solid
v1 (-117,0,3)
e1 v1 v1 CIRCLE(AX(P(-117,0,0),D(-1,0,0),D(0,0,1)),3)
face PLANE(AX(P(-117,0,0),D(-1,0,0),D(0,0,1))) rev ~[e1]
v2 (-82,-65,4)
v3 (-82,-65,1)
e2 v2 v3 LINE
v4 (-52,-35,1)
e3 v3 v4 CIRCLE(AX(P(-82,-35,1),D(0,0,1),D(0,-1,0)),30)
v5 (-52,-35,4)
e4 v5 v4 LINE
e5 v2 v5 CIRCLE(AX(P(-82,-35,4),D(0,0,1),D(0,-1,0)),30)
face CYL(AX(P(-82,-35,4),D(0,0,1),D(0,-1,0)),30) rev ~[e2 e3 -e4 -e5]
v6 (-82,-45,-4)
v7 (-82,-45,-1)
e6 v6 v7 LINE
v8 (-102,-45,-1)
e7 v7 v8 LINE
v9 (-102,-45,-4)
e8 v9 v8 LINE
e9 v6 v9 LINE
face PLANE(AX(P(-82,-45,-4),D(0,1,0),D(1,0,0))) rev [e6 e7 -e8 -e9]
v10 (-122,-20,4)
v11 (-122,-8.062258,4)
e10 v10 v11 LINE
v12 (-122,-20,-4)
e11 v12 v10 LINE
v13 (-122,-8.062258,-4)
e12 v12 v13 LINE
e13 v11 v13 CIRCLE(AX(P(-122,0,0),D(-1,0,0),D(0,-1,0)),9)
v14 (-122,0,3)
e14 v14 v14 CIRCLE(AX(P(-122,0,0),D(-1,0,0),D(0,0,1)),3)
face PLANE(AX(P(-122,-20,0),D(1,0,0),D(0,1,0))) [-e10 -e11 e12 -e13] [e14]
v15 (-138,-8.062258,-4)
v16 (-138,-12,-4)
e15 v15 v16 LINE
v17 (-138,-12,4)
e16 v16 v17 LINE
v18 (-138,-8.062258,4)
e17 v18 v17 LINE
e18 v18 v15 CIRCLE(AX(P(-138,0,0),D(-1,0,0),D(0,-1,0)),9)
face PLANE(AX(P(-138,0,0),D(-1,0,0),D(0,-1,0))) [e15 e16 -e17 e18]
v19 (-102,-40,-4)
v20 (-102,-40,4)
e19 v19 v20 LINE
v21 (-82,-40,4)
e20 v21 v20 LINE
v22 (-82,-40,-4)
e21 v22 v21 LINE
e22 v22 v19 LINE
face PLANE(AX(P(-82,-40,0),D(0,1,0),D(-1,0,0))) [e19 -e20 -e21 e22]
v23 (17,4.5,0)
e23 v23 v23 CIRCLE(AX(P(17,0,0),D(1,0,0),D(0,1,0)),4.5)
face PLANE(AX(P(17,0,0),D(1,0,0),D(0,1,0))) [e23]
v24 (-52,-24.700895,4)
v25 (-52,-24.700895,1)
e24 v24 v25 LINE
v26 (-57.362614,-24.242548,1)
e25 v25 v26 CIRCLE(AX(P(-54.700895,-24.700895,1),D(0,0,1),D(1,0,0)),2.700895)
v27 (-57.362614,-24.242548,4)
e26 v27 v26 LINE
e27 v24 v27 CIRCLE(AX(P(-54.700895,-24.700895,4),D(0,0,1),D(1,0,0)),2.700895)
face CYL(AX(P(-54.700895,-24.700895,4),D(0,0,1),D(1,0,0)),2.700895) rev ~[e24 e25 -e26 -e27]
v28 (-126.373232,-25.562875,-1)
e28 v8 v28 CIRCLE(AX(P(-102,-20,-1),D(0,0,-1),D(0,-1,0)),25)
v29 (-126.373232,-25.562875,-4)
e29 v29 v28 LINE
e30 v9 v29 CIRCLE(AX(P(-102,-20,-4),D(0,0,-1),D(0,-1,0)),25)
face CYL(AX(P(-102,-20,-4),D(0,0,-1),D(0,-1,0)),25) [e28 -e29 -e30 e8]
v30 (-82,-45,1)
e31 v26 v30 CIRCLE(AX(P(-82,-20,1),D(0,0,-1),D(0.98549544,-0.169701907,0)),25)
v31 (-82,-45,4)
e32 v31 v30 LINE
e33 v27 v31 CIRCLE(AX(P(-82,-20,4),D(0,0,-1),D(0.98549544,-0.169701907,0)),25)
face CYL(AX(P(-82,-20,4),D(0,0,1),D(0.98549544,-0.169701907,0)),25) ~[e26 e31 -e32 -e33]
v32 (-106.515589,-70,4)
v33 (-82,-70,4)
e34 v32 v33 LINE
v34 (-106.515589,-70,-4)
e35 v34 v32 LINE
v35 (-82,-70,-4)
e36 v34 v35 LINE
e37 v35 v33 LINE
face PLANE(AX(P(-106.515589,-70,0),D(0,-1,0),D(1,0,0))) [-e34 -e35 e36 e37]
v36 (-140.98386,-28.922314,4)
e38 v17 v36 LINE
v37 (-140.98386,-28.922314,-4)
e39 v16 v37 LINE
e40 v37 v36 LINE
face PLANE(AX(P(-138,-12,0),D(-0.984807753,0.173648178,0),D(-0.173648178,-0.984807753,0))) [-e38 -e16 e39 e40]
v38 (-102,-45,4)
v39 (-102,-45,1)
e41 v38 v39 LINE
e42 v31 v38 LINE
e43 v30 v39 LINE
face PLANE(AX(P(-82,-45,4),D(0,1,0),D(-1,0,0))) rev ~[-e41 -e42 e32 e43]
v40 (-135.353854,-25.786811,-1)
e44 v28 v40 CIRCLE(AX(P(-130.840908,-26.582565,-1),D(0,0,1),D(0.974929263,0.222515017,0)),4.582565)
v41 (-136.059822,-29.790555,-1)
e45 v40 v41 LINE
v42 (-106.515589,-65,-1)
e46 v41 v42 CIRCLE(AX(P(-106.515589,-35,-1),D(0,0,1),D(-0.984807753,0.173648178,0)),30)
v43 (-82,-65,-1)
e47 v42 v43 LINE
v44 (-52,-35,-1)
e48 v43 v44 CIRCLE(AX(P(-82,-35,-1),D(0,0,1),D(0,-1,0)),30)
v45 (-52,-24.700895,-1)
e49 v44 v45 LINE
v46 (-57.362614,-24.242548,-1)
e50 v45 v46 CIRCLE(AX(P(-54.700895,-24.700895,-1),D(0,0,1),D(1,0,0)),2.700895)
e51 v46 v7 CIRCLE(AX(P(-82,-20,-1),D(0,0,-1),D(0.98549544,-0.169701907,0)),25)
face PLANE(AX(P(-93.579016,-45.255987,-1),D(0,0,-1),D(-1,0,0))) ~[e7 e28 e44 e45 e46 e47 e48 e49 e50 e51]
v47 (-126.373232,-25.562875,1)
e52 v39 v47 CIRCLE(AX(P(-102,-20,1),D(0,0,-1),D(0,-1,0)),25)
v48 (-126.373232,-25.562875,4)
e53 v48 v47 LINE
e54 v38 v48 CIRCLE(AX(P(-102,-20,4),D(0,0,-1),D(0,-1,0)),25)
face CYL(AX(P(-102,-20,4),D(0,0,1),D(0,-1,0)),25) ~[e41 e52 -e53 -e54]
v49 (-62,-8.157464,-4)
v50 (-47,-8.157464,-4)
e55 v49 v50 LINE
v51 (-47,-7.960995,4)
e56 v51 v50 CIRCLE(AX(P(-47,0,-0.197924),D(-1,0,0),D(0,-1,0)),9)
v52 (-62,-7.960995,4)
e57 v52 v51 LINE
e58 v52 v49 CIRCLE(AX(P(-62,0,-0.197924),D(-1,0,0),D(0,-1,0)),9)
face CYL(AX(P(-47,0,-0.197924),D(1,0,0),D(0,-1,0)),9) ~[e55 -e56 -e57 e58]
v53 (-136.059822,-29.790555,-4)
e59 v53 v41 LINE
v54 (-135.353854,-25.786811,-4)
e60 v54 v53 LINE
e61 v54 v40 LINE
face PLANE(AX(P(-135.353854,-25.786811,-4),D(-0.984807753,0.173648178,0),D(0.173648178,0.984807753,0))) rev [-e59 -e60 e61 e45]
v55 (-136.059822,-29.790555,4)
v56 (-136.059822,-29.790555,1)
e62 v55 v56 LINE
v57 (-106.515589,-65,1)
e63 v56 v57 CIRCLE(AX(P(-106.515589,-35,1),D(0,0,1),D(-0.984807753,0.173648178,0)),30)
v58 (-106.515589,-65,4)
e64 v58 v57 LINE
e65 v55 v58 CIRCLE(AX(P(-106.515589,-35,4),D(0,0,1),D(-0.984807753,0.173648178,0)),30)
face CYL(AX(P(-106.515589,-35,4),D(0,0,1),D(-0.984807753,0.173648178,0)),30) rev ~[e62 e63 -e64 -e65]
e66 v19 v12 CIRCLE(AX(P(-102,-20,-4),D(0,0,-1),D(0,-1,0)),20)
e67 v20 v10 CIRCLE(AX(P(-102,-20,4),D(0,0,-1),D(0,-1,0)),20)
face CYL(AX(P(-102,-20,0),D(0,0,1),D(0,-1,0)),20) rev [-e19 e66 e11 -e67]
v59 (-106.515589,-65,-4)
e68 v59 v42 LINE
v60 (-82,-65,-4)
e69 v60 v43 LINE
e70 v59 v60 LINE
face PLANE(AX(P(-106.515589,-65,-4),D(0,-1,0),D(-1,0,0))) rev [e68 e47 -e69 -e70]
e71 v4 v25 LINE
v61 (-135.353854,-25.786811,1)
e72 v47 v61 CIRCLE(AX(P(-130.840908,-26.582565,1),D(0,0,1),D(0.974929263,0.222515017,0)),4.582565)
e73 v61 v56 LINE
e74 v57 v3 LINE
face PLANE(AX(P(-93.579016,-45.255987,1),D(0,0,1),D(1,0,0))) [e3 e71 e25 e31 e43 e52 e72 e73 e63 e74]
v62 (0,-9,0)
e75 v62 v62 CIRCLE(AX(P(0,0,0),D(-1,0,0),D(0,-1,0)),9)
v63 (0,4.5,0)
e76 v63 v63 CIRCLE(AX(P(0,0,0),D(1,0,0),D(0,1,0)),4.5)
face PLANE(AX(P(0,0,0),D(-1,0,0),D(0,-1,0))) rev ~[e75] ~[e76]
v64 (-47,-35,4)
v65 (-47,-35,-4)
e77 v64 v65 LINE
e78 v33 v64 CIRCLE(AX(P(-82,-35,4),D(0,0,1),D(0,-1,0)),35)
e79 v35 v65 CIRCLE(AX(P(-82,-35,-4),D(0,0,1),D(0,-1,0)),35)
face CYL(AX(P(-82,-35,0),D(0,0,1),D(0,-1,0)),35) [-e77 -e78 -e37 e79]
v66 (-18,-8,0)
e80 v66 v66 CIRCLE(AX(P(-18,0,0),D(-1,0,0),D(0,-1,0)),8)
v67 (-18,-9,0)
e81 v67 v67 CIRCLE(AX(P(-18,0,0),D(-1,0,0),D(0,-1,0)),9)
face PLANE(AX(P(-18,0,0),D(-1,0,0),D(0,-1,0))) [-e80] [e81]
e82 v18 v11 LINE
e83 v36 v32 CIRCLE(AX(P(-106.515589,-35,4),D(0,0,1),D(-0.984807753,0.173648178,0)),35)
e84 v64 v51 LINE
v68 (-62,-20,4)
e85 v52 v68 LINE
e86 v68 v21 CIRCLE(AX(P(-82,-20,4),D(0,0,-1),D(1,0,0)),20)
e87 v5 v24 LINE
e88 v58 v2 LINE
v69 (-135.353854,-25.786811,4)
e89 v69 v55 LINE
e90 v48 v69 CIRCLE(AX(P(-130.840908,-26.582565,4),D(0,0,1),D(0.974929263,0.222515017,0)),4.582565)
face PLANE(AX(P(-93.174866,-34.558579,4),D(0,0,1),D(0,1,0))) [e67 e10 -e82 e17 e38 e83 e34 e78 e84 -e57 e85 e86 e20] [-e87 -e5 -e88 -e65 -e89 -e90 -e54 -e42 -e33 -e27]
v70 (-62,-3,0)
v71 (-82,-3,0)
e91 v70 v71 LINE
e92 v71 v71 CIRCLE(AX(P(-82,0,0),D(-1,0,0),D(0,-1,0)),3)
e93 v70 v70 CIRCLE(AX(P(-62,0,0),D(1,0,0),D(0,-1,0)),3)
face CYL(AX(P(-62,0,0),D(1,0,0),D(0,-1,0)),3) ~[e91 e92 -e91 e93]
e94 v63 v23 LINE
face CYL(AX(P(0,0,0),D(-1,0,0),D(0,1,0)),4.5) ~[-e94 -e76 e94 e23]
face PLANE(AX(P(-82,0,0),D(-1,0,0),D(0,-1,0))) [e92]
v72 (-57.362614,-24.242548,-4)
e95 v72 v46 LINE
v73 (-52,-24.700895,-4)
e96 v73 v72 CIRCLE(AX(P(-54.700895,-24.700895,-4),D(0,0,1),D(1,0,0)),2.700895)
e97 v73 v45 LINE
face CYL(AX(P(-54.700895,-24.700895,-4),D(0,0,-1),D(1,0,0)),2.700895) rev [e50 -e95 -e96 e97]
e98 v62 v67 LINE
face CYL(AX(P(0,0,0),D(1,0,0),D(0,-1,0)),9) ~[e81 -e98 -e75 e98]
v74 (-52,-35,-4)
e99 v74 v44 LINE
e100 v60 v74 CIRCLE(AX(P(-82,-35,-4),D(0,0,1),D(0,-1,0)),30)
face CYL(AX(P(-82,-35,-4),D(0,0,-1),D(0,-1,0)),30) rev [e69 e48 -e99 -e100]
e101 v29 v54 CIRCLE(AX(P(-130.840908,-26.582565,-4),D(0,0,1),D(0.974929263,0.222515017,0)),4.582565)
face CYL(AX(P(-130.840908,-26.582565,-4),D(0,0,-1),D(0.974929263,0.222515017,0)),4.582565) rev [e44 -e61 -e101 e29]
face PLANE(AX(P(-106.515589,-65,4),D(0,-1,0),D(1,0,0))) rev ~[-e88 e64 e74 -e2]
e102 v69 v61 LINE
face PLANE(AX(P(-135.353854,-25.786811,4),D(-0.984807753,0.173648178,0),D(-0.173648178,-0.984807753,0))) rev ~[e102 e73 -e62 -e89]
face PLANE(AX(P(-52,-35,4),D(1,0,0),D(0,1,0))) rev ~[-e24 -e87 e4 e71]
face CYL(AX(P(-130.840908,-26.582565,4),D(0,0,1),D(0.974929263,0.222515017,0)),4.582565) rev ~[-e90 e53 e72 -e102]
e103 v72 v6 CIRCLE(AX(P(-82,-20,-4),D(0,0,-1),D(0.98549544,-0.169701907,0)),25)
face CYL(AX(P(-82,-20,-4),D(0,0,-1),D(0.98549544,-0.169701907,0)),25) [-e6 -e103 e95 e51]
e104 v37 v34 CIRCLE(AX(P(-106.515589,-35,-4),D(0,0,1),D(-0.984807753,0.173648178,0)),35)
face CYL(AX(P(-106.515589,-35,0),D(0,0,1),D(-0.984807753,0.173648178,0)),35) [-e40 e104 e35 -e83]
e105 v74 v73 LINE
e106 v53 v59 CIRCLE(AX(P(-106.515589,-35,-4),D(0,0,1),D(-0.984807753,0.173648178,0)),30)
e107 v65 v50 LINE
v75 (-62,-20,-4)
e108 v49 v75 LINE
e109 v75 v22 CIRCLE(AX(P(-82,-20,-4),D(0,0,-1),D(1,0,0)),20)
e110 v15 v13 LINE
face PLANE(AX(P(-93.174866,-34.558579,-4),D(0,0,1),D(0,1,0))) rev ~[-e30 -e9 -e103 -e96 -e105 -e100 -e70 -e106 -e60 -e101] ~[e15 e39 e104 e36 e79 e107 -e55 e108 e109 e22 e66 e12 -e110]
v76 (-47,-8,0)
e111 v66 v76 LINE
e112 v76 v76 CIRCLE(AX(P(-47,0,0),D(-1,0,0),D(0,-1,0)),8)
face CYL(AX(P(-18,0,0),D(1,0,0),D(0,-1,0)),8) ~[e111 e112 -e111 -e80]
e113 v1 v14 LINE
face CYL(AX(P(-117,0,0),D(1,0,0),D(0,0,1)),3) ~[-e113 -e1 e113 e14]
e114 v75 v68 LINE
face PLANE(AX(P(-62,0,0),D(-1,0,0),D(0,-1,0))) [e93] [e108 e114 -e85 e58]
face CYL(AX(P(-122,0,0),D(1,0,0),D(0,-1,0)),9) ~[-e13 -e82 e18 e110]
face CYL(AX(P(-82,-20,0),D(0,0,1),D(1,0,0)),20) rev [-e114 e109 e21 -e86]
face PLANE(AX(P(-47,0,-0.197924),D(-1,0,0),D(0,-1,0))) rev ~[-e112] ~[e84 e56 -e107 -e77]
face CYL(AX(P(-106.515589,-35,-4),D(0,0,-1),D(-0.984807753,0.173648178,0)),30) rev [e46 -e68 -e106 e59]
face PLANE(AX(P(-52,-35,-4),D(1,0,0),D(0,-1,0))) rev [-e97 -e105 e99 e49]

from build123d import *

# Parameters (mm, degrees)
SKETCH2_R           = 4.5
BOSS_EXTRUDE1_DEPTH = 17
SKETCH3_R           = 9
BOSS_EXTRUDE2_DEPTH = 18
SKETCH4_R           = 8
BOSS_EXTRUDE3_DEPTH = 29
SKETCH5_R           = 9
BOSS_EXTRUDE4_DEPTH = 15
SKETCH6_R           = 3
BOSS_EXTRUDE5_DEPTH = 20
BOSS_EXTRUDE6_DEPTH = 4
SKETCH17_R          = 3
BOSS_EXTRUDE7_DEPTH = 5
SKETCH18_R          = 9
BOSS_EXTRUDE8_DEPTH = 16
CUT_EXTRUDE1_DEPTH  = 3


with BuildPart() as part:
    # Sketch2 → Boss-Extrude1 (new body)
    with BuildSketch(Plane.YZ):
        Circle(SKETCH2_R)
    extrude(amount=BOSS_EXTRUDE1_DEPTH)

    # Sketch3 → Boss-Extrude2 (add)
    with BuildSketch(Plane(origin=(0, 0, 0), x_dir=(0, -1, 0), z_dir=(-1, 0, 0))):
        Circle(SKETCH3_R)
    extrude(amount=BOSS_EXTRUDE2_DEPTH)

    # Sketch4 → Boss-Extrude3 (add)
    with BuildSketch(Plane(origin=(-18, 0, 0), x_dir=(0, -1, 0), z_dir=(-1, 0, 0))):
        Circle(SKETCH4_R)
    extrude(amount=BOSS_EXTRUDE3_DEPTH)

    # Sketch5 → Boss-Extrude4 (add)
    with BuildSketch(Plane(origin=(-47, 0, 0), x_dir=(0, -1, 0), z_dir=(-1, 0, 0))):
        with Locations((0, -0.197923741)):
            Circle(SKETCH5_R)
    extrude(amount=BOSS_EXTRUDE4_DEPTH)

    # Sketch6 → Boss-Extrude5 (add)
    with BuildSketch(Plane(origin=(-62, 0, 0), x_dir=(0, -1, 0), z_dir=(-1, 0, 0))):
        Circle(SKETCH6_R)
    extrude(amount=BOSS_EXTRUDE5_DEPTH)

    # Sketch16 → Boss-Extrude6 (add, symmetric)
    with BuildSketch(Plane(origin=(0, 0, 0), x_dir=(0, 1, 0), z_dir=(0, 0, 1))):
        with BuildLine():
            Line((0, 62), (-20, 62))
            ThreePointArc((-20, 62), (-34.142135624, 67.857864376), (-40, 82))
            Line((-40, 82), (-40, 102))
            ThreePointArc((-40, 102), (-34.142135624, 116.142135624), (-20, 122))
            Line((-20, 122), (0, 122))
            Line((0, 122), (0, 138))
            Line((0, 138), (-12, 138))
            Line((-12, 138), (-28.922313782, 140.983860496))
            ThreePointArc((-28.922313782, 140.983860496), (-57.497566339, 133.327144649), (-70, 106.51558914))
            Line((-70, 106.51558914), (-70, 82))
            ThreePointArc((-70, 82), (-59.748737342, 57.251262658), (-35, 47))
            Line((-35, 47), (0, 47))
            Line((0, 47), (0, 62))
        make_face()
    extrude(amount=BOSS_EXTRUDE6_DEPTH, both=True)



with BuildPart() as body_2:
    # Sketch17 → Boss-Extrude7 (new body)
    with BuildSketch(Plane.ZY.offset(117)):
        Circle(SKETCH17_R)
    extrude(amount=BOSS_EXTRUDE7_DEPTH)


with BuildPart() as part_1:
    add(part.part)

    add(body_2.part)  # Boss-Extrude8 merges body 2
    # Sketch18 → Boss-Extrude8 (add)
    with BuildSketch(Plane(origin=(-122, 0, 0), x_dir=(0, -1, 0), z_dir=(-1, 0, 0))):
        Circle(SKETCH18_R)
    extrude(amount=BOSS_EXTRUDE8_DEPTH)

    # Sketch21 → Cut-Extrude1 (cut)
    with BuildSketch(Plane.XY.offset(4)):
        with BuildLine():
            Line((-106.51558914, -65), (-82, -65))
            ThreePointArc((-82, -65), (-60.786796564, -56.213203436), (-52, -35))
            Line((-52, -35), (-52, -24.70089464))
            ThreePointArc((-52, -24.70089464), (-54.470885592, -22.009811643), (-57.362613993, -24.24254767))
            ThreePointArc((-57.362613993, -24.24254767), (-65.891984786, -39.11888715), (-82, -45))
            Line((-82, -45), (-102, -45))
            ThreePointArc((-102, -45), (-117.587304364, -39.545739757), (-126.373231569, -25.562875413))
            ThreePointArc((-126.373231569, -25.562875413), (-130.955140822, -22.001423997), (-135.353853676, -25.786810875))
            Line((-135.353853676, -25.786810875), (-136.059821731, -29.79055467))
            ThreePointArc((-136.059821731, -29.79055467), (-129.496922434, -54.283628291), (-106.51558914, -65))
        make_face()
    cut_extrude1 = extrude(amount=-CUT_EXTRUDE1_DEPTH, mode=Mode.SUBTRACT)

    # Mirror1: Cut-Extrude1 across plane
    add(cut_extrude1.mirror(Plane.XY), mode=Mode.SUBTRACT)


solid = part_1.part
